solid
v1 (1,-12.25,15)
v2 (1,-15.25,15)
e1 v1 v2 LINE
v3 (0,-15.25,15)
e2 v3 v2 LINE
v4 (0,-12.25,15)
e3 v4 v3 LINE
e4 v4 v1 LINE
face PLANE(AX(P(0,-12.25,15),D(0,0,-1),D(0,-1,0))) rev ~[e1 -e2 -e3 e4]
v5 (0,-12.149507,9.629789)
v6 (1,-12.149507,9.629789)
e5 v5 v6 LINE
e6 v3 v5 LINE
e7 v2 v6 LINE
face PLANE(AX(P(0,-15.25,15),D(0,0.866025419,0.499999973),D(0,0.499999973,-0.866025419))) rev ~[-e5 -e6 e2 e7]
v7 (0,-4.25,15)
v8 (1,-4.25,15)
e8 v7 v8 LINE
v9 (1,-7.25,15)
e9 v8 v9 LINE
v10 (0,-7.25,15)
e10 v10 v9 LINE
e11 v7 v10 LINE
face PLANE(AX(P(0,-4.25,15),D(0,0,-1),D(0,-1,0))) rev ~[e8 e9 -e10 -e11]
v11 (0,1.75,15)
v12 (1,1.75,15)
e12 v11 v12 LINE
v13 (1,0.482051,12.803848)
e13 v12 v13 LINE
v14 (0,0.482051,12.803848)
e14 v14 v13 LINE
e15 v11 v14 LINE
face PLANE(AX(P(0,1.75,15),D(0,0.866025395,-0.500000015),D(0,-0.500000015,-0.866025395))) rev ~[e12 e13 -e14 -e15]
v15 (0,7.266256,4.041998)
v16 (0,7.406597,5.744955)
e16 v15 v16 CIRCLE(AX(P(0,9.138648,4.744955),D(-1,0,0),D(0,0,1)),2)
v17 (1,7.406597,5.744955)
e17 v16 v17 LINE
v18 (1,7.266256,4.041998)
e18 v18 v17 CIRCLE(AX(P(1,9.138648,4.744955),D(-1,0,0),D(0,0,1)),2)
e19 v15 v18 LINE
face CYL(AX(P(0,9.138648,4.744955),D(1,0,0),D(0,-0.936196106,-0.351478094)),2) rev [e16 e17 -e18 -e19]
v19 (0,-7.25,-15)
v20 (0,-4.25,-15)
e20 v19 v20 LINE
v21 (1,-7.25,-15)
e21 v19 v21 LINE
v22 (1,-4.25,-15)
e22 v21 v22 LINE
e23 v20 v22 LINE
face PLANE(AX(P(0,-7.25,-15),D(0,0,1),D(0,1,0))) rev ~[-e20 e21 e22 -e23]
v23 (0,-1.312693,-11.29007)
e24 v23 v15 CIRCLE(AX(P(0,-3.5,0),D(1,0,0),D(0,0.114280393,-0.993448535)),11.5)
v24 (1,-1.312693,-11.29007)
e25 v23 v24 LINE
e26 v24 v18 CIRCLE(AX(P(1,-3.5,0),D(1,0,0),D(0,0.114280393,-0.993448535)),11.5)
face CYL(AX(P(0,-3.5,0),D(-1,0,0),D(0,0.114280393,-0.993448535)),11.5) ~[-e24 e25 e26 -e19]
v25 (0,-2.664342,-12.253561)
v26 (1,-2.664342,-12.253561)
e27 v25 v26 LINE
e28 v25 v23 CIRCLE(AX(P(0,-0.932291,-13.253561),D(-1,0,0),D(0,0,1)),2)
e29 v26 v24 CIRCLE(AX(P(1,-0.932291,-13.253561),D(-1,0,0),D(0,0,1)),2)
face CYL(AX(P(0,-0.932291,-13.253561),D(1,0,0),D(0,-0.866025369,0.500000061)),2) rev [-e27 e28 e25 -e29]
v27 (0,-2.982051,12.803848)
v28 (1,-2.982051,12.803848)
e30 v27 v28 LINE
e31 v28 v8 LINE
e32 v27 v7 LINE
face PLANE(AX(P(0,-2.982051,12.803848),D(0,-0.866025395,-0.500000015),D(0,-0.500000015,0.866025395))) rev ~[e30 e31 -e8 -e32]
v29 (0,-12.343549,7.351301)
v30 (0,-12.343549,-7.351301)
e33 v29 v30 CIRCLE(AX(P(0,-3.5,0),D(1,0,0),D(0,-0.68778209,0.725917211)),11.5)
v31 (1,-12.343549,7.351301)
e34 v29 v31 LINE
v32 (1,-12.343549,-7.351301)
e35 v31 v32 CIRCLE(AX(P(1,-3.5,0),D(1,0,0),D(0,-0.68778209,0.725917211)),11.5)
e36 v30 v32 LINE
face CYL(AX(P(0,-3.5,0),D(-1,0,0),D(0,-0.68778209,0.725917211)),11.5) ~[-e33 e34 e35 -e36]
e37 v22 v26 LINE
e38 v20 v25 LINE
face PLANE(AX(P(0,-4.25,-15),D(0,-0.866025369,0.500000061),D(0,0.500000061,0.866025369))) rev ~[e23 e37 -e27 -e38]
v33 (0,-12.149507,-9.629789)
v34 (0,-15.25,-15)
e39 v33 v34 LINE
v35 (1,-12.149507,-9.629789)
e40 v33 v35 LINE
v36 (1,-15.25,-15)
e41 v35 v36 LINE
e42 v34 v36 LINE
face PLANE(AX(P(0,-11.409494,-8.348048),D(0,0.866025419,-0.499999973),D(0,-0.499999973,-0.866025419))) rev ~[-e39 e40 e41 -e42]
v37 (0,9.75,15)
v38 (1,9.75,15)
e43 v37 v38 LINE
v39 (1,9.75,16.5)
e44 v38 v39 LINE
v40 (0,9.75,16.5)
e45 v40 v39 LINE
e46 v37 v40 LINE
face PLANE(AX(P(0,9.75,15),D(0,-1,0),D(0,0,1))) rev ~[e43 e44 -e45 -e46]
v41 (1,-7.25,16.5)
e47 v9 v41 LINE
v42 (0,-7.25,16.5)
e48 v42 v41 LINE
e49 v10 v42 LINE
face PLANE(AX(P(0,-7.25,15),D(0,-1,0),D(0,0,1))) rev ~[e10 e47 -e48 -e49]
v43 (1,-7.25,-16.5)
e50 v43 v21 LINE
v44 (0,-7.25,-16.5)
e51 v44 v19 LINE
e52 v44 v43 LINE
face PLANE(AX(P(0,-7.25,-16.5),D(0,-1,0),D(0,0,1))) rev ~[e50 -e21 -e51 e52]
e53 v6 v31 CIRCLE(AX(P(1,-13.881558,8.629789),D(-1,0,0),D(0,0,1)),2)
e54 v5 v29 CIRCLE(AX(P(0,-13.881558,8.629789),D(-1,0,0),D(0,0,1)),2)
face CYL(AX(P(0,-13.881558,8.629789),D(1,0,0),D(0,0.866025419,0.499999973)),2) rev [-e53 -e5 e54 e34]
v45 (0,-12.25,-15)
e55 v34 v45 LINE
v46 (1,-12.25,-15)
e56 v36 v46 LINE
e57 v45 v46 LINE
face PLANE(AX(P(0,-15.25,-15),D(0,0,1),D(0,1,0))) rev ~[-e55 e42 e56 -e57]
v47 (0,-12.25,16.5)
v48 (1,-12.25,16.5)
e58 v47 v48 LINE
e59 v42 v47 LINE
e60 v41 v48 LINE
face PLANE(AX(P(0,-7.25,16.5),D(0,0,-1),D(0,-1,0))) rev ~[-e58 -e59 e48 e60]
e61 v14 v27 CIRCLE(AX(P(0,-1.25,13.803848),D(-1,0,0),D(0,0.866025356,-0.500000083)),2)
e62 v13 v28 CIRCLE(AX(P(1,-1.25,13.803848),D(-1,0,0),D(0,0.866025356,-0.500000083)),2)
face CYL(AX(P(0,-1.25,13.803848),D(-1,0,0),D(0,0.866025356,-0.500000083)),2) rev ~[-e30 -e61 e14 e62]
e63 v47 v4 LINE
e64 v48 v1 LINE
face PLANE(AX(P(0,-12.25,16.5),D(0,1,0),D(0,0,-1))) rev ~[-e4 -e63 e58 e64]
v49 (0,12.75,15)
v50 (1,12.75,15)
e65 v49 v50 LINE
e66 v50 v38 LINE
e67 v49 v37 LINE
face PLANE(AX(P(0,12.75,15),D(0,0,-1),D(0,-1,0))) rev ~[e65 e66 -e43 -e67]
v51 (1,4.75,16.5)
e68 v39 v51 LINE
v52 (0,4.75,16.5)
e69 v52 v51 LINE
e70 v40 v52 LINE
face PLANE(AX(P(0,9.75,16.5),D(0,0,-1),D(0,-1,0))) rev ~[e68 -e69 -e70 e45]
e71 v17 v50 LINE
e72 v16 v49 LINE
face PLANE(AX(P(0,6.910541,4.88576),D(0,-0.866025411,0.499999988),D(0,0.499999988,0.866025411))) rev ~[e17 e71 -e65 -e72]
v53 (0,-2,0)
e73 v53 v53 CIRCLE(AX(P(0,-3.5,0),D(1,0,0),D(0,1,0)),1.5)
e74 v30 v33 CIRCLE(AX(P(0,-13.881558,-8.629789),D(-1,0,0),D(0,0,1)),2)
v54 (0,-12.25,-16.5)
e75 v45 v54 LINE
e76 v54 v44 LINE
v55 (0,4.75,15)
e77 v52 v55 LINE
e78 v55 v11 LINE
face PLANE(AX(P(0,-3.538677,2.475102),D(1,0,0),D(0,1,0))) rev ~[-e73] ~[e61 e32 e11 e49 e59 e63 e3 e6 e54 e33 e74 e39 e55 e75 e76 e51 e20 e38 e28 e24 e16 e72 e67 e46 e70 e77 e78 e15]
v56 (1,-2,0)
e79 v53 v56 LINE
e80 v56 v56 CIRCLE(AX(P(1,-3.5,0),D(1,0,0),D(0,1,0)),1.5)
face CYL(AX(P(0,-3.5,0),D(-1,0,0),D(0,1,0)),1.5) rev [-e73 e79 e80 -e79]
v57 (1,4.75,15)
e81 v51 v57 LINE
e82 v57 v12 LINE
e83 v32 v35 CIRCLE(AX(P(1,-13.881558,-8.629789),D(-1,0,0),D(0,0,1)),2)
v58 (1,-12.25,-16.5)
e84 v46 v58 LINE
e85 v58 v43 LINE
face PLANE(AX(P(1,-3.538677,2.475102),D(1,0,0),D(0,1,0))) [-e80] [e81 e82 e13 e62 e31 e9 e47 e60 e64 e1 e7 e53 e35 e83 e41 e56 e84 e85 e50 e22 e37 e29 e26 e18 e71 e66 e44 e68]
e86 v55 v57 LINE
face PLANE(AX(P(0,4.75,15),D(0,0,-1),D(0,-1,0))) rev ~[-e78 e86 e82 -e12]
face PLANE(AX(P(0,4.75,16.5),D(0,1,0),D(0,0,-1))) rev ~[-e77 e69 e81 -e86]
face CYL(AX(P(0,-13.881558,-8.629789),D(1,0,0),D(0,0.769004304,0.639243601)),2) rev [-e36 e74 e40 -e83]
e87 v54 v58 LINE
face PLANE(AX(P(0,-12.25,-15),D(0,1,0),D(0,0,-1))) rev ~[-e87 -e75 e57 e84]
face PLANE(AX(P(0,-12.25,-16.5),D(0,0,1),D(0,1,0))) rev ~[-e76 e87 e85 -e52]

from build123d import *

# Parameters (mm, degrees)
F0_R     = 1.5
F1_DEPTH = 1
F2_R     = 2


with BuildPart() as f1:
    # F0 (on Right) → F1 (new body)
    with BuildSketch(Plane.YZ):
        with BuildLine():
            Line((-12.25, 15), (-15.25, 15))
            Line((-15.25, 15), (-11.409494, 8.348048))
            ThreePointArc((-11.409494, 8.348048), (-15, 0), (-11.409494, -8.348048))
            Line((-11.409494, -8.348048), (-15.25, -15))
            Line((-15.25, -15), (-12.25, -15))
            Line((-12.25, -15), (-12.25, -16.5))
            Line((-12.25, -16.5), (-7.25, -16.5))
            Line((-7.25, -16.5), (-7.25, -15))
            Line((-7.25, -15), (-4.25, -15))
            Line((-4.25, -15), (-2.185775, -11.424658))
            ThreePointArc((-2.185775, -11.424658), (6.543653, -5.601343), (6.910541, 4.88576))
            Line((6.910541, 4.88576), (12.75, 15))
            Line((12.75, 15), (9.75, 15))
            Line((9.75, 15), (9.75, 16.5))
            Line((9.75, 16.5), (4.75, 16.5))
            Line((4.75, 16.5), (4.75, 15))
            Line((4.75, 15), (1.75, 15))
            Line((1.75, 15), (0.482051, 12.803848))
            ThreePointArc((0.482051, 12.803848), (-1.25, 11.803848), (-2.982051, 12.803848))
            Line((-2.982051, 12.803848), (-4.25, 15))
            Line((-4.25, 15), (-7.25, 15))
            Line((-7.25, 15), (-7.25, 16.5))
            Line((-7.25, 16.5), (-12.25, 16.5))
            Line((-12.25, 16.5), (-12.25, 15))
        make_face()
        with Locations((-3.5, 0)):
            Circle(F0_R, mode=Mode.SUBTRACT)
    extrude(amount=F1_DEPTH)

    # F2
    f2_edges = [f1.edges().sort_by_distance(p)[0] for p in [
        (0.5, -11.409494, 8.348048),
        (0.5, -11.409494, -8.348048),
        (0.5, -2.185775, -11.424658),
        (0.5, 6.910541, 4.88576),
    ]]
    fillet(f2_edges, radius=F2_R)


solid = f1.part
